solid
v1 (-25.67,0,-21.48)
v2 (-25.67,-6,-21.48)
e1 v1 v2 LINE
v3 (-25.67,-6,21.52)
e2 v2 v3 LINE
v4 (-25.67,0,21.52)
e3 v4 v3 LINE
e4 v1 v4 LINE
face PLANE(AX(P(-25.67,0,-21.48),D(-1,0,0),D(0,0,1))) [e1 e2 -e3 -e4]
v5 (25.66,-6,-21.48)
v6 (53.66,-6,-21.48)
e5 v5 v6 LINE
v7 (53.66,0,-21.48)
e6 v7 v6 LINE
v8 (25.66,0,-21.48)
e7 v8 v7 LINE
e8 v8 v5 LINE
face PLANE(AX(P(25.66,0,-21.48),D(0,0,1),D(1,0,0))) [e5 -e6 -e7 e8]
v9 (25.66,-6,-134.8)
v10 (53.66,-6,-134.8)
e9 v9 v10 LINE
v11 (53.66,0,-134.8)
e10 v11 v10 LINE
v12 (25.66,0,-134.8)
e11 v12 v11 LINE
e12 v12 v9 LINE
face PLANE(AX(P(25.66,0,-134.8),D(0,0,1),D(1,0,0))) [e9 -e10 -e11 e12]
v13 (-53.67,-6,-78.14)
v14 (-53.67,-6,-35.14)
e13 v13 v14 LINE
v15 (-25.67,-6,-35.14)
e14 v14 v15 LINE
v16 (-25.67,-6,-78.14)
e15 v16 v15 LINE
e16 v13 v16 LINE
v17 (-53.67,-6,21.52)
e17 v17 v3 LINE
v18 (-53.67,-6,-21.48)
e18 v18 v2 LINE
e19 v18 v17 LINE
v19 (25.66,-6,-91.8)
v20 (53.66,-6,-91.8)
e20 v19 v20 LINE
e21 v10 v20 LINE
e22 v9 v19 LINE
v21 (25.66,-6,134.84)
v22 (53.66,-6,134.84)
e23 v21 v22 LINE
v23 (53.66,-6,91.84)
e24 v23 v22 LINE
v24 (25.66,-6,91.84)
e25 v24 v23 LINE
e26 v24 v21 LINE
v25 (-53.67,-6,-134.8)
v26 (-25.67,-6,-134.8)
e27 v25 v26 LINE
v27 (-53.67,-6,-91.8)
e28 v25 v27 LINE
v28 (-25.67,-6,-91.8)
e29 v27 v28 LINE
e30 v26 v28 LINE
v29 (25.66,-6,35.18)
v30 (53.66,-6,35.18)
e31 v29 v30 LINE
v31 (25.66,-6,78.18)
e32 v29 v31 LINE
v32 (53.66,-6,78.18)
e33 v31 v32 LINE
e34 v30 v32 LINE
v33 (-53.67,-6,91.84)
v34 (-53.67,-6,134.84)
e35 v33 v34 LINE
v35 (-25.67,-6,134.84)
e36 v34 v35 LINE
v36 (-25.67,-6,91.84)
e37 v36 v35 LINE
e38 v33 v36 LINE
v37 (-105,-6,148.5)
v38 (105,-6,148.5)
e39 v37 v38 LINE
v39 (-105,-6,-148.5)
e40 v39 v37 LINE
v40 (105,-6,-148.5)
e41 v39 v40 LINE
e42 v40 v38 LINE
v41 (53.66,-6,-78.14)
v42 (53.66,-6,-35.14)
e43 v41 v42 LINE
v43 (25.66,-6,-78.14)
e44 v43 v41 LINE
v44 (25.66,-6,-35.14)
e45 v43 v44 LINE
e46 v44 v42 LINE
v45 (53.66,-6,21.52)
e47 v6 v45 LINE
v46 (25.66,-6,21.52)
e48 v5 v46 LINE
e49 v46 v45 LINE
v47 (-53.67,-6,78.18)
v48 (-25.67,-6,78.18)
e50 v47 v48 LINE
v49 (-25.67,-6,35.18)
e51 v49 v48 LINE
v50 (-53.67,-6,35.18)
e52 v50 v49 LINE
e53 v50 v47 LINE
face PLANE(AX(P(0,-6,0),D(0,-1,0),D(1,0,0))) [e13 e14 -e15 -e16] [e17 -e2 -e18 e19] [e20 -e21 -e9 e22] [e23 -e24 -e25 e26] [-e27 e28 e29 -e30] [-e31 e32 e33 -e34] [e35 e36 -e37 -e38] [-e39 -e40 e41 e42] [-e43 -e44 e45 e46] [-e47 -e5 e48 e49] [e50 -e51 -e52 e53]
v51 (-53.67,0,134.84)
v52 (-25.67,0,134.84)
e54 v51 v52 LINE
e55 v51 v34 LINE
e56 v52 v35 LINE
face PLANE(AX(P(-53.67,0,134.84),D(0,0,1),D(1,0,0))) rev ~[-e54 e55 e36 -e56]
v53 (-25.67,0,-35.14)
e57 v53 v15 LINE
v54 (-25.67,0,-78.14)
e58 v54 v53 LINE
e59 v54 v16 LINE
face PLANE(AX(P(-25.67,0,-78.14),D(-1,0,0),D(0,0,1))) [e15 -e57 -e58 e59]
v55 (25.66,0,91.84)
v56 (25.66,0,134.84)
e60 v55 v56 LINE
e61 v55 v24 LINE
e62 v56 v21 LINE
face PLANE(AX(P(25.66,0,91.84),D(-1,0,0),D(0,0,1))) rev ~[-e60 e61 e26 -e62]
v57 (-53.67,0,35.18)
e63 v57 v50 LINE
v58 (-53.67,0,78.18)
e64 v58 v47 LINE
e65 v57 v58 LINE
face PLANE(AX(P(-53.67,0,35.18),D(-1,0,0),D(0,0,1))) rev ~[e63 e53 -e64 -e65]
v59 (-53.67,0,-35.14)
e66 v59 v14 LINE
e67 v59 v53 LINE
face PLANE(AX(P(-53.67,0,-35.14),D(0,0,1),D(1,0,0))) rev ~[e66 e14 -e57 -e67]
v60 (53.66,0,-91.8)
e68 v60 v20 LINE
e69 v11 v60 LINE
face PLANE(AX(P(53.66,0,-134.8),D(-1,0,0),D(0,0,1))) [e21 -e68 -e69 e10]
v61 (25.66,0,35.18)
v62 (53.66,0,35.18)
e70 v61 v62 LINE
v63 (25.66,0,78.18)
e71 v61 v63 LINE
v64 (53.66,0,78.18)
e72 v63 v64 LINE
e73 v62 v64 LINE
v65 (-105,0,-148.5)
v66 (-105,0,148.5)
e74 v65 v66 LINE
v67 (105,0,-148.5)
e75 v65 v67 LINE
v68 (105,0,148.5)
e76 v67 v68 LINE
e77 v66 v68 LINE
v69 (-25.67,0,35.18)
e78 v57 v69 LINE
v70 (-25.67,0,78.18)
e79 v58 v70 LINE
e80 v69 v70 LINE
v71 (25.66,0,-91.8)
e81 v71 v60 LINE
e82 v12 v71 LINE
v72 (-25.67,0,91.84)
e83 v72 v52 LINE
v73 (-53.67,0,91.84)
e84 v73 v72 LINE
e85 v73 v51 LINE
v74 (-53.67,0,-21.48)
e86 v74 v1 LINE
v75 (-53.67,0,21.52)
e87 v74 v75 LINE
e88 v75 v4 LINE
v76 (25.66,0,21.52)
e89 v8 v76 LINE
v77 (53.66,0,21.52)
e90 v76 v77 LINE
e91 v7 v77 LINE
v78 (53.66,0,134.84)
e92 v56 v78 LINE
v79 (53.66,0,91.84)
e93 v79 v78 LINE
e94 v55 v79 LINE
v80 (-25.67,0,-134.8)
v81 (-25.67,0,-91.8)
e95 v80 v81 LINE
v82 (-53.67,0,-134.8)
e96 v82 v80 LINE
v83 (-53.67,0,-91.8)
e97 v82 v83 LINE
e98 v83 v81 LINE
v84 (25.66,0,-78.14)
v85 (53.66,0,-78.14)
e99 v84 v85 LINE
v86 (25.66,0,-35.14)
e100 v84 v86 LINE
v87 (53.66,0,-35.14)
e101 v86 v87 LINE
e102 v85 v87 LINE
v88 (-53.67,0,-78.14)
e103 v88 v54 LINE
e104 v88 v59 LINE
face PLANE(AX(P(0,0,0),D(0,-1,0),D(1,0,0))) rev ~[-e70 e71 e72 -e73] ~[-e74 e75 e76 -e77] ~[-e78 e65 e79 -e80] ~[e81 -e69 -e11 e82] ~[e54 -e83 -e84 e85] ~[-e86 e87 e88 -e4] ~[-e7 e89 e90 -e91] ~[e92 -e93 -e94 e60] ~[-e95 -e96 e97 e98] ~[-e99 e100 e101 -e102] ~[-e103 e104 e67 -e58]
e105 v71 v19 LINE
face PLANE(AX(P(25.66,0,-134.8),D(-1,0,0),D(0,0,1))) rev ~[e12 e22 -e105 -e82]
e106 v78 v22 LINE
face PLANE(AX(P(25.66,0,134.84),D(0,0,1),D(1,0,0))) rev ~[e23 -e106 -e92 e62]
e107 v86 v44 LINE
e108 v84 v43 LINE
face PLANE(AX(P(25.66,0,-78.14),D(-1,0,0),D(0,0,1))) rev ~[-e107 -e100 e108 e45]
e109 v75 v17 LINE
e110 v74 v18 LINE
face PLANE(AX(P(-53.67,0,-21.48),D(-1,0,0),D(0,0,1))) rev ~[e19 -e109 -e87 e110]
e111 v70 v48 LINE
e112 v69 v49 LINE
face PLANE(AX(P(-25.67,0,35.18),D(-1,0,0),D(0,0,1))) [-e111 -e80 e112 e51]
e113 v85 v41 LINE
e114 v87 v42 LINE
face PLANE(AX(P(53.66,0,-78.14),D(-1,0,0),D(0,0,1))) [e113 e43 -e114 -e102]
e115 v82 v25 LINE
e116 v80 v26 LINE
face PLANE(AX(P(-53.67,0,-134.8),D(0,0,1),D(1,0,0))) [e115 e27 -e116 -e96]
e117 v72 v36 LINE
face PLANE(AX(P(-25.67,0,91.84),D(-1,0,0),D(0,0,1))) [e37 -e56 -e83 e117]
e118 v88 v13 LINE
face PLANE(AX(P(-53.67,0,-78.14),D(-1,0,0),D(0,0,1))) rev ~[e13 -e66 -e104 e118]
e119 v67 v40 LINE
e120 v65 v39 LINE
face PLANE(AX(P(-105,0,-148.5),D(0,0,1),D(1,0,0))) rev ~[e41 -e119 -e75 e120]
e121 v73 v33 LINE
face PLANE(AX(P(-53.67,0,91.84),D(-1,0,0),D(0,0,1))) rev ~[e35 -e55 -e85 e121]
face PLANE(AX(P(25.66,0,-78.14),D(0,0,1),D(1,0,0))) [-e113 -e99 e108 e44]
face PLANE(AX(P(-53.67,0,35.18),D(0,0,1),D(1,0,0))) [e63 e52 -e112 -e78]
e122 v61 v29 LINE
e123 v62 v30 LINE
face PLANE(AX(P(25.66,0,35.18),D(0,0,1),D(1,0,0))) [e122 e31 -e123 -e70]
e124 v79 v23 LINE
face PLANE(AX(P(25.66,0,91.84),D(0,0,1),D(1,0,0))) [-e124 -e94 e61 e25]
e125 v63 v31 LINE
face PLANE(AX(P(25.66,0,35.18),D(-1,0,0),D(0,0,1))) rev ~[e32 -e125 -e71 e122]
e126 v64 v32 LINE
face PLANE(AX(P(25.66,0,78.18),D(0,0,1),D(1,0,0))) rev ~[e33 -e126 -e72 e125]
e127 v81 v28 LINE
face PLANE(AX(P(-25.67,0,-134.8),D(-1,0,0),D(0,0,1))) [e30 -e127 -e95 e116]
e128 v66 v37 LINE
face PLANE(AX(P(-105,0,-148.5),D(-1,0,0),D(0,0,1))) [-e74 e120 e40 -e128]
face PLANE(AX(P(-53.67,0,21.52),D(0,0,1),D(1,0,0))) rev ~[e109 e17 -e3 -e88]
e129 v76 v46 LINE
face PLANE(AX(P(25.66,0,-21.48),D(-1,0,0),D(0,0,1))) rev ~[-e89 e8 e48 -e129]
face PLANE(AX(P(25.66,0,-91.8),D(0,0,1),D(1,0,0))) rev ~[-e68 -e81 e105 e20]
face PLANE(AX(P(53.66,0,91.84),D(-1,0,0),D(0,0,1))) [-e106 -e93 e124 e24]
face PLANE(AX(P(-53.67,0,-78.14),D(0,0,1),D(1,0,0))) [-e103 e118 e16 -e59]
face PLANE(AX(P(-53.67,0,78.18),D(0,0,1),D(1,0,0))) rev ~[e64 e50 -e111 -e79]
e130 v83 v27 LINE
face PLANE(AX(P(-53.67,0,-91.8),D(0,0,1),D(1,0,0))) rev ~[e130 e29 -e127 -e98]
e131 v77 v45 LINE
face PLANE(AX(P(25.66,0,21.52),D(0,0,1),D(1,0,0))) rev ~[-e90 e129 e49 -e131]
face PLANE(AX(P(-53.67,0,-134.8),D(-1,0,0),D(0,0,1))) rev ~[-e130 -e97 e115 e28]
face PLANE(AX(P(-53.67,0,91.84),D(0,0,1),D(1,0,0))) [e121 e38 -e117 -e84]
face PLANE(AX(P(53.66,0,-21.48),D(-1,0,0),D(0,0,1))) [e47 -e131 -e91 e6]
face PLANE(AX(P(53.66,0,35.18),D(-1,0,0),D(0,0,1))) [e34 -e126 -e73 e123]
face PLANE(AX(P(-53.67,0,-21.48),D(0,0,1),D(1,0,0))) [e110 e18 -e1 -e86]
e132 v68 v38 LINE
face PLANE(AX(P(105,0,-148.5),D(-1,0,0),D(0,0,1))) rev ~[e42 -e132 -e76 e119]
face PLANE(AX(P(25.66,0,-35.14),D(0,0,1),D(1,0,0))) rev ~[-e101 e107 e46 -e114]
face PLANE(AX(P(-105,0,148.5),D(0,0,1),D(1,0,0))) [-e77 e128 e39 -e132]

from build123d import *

# Parameters (mm, degrees)
F0_W     = 210
F0_H     = 297
F0_W_2   = 28
F0_H_2   = 43
F1_DEPTH = 6


with BuildPart() as f1:
    # F0 (on Front) → F1 (new body)
    with BuildSketch(Plane.XZ):
        Rectangle(F0_W, F0_H)
        with Locations((-39.67, -113.3)):
            Rectangle(F0_W_2, F0_H_2, mode=Mode.SUBTRACT)
        with Locations((-39.67, -56.64)):
            Rectangle(F0_W_2, F0_H_2, mode=Mode.SUBTRACT)
        with Locations((39.66, -113.3)):
            Rectangle(F0_W_2, F0_H_2, mode=Mode.SUBTRACT)
        with Locations((39.66, -56.64)):
            Rectangle(F0_W_2, F0_H_2, mode=Mode.SUBTRACT)
        with Locations((-39.67, 0.02)):
            Rectangle(F0_W_2, F0_H_2, mode=Mode.SUBTRACT)
        with Locations((-39.67, 56.68)):
            Rectangle(F0_W_2, F0_H_2, mode=Mode.SUBTRACT)
        with Locations((-39.67, 113.34)):
            Rectangle(F0_W_2, F0_H_2, mode=Mode.SUBTRACT)
        with Locations((39.66, 0.02)):
            Rectangle(F0_W_2, F0_H_2, mode=Mode.SUBTRACT)
        with Locations((39.66, 56.68)):
            Rectangle(F0_W_2, F0_H_2, mode=Mode.SUBTRACT)
        with Locations((39.66, 113.34)):
            Rectangle(F0_W_2, F0_H_2, mode=Mode.SUBTRACT)
    extrude(amount=F1_DEPTH)


solid = f1.part
